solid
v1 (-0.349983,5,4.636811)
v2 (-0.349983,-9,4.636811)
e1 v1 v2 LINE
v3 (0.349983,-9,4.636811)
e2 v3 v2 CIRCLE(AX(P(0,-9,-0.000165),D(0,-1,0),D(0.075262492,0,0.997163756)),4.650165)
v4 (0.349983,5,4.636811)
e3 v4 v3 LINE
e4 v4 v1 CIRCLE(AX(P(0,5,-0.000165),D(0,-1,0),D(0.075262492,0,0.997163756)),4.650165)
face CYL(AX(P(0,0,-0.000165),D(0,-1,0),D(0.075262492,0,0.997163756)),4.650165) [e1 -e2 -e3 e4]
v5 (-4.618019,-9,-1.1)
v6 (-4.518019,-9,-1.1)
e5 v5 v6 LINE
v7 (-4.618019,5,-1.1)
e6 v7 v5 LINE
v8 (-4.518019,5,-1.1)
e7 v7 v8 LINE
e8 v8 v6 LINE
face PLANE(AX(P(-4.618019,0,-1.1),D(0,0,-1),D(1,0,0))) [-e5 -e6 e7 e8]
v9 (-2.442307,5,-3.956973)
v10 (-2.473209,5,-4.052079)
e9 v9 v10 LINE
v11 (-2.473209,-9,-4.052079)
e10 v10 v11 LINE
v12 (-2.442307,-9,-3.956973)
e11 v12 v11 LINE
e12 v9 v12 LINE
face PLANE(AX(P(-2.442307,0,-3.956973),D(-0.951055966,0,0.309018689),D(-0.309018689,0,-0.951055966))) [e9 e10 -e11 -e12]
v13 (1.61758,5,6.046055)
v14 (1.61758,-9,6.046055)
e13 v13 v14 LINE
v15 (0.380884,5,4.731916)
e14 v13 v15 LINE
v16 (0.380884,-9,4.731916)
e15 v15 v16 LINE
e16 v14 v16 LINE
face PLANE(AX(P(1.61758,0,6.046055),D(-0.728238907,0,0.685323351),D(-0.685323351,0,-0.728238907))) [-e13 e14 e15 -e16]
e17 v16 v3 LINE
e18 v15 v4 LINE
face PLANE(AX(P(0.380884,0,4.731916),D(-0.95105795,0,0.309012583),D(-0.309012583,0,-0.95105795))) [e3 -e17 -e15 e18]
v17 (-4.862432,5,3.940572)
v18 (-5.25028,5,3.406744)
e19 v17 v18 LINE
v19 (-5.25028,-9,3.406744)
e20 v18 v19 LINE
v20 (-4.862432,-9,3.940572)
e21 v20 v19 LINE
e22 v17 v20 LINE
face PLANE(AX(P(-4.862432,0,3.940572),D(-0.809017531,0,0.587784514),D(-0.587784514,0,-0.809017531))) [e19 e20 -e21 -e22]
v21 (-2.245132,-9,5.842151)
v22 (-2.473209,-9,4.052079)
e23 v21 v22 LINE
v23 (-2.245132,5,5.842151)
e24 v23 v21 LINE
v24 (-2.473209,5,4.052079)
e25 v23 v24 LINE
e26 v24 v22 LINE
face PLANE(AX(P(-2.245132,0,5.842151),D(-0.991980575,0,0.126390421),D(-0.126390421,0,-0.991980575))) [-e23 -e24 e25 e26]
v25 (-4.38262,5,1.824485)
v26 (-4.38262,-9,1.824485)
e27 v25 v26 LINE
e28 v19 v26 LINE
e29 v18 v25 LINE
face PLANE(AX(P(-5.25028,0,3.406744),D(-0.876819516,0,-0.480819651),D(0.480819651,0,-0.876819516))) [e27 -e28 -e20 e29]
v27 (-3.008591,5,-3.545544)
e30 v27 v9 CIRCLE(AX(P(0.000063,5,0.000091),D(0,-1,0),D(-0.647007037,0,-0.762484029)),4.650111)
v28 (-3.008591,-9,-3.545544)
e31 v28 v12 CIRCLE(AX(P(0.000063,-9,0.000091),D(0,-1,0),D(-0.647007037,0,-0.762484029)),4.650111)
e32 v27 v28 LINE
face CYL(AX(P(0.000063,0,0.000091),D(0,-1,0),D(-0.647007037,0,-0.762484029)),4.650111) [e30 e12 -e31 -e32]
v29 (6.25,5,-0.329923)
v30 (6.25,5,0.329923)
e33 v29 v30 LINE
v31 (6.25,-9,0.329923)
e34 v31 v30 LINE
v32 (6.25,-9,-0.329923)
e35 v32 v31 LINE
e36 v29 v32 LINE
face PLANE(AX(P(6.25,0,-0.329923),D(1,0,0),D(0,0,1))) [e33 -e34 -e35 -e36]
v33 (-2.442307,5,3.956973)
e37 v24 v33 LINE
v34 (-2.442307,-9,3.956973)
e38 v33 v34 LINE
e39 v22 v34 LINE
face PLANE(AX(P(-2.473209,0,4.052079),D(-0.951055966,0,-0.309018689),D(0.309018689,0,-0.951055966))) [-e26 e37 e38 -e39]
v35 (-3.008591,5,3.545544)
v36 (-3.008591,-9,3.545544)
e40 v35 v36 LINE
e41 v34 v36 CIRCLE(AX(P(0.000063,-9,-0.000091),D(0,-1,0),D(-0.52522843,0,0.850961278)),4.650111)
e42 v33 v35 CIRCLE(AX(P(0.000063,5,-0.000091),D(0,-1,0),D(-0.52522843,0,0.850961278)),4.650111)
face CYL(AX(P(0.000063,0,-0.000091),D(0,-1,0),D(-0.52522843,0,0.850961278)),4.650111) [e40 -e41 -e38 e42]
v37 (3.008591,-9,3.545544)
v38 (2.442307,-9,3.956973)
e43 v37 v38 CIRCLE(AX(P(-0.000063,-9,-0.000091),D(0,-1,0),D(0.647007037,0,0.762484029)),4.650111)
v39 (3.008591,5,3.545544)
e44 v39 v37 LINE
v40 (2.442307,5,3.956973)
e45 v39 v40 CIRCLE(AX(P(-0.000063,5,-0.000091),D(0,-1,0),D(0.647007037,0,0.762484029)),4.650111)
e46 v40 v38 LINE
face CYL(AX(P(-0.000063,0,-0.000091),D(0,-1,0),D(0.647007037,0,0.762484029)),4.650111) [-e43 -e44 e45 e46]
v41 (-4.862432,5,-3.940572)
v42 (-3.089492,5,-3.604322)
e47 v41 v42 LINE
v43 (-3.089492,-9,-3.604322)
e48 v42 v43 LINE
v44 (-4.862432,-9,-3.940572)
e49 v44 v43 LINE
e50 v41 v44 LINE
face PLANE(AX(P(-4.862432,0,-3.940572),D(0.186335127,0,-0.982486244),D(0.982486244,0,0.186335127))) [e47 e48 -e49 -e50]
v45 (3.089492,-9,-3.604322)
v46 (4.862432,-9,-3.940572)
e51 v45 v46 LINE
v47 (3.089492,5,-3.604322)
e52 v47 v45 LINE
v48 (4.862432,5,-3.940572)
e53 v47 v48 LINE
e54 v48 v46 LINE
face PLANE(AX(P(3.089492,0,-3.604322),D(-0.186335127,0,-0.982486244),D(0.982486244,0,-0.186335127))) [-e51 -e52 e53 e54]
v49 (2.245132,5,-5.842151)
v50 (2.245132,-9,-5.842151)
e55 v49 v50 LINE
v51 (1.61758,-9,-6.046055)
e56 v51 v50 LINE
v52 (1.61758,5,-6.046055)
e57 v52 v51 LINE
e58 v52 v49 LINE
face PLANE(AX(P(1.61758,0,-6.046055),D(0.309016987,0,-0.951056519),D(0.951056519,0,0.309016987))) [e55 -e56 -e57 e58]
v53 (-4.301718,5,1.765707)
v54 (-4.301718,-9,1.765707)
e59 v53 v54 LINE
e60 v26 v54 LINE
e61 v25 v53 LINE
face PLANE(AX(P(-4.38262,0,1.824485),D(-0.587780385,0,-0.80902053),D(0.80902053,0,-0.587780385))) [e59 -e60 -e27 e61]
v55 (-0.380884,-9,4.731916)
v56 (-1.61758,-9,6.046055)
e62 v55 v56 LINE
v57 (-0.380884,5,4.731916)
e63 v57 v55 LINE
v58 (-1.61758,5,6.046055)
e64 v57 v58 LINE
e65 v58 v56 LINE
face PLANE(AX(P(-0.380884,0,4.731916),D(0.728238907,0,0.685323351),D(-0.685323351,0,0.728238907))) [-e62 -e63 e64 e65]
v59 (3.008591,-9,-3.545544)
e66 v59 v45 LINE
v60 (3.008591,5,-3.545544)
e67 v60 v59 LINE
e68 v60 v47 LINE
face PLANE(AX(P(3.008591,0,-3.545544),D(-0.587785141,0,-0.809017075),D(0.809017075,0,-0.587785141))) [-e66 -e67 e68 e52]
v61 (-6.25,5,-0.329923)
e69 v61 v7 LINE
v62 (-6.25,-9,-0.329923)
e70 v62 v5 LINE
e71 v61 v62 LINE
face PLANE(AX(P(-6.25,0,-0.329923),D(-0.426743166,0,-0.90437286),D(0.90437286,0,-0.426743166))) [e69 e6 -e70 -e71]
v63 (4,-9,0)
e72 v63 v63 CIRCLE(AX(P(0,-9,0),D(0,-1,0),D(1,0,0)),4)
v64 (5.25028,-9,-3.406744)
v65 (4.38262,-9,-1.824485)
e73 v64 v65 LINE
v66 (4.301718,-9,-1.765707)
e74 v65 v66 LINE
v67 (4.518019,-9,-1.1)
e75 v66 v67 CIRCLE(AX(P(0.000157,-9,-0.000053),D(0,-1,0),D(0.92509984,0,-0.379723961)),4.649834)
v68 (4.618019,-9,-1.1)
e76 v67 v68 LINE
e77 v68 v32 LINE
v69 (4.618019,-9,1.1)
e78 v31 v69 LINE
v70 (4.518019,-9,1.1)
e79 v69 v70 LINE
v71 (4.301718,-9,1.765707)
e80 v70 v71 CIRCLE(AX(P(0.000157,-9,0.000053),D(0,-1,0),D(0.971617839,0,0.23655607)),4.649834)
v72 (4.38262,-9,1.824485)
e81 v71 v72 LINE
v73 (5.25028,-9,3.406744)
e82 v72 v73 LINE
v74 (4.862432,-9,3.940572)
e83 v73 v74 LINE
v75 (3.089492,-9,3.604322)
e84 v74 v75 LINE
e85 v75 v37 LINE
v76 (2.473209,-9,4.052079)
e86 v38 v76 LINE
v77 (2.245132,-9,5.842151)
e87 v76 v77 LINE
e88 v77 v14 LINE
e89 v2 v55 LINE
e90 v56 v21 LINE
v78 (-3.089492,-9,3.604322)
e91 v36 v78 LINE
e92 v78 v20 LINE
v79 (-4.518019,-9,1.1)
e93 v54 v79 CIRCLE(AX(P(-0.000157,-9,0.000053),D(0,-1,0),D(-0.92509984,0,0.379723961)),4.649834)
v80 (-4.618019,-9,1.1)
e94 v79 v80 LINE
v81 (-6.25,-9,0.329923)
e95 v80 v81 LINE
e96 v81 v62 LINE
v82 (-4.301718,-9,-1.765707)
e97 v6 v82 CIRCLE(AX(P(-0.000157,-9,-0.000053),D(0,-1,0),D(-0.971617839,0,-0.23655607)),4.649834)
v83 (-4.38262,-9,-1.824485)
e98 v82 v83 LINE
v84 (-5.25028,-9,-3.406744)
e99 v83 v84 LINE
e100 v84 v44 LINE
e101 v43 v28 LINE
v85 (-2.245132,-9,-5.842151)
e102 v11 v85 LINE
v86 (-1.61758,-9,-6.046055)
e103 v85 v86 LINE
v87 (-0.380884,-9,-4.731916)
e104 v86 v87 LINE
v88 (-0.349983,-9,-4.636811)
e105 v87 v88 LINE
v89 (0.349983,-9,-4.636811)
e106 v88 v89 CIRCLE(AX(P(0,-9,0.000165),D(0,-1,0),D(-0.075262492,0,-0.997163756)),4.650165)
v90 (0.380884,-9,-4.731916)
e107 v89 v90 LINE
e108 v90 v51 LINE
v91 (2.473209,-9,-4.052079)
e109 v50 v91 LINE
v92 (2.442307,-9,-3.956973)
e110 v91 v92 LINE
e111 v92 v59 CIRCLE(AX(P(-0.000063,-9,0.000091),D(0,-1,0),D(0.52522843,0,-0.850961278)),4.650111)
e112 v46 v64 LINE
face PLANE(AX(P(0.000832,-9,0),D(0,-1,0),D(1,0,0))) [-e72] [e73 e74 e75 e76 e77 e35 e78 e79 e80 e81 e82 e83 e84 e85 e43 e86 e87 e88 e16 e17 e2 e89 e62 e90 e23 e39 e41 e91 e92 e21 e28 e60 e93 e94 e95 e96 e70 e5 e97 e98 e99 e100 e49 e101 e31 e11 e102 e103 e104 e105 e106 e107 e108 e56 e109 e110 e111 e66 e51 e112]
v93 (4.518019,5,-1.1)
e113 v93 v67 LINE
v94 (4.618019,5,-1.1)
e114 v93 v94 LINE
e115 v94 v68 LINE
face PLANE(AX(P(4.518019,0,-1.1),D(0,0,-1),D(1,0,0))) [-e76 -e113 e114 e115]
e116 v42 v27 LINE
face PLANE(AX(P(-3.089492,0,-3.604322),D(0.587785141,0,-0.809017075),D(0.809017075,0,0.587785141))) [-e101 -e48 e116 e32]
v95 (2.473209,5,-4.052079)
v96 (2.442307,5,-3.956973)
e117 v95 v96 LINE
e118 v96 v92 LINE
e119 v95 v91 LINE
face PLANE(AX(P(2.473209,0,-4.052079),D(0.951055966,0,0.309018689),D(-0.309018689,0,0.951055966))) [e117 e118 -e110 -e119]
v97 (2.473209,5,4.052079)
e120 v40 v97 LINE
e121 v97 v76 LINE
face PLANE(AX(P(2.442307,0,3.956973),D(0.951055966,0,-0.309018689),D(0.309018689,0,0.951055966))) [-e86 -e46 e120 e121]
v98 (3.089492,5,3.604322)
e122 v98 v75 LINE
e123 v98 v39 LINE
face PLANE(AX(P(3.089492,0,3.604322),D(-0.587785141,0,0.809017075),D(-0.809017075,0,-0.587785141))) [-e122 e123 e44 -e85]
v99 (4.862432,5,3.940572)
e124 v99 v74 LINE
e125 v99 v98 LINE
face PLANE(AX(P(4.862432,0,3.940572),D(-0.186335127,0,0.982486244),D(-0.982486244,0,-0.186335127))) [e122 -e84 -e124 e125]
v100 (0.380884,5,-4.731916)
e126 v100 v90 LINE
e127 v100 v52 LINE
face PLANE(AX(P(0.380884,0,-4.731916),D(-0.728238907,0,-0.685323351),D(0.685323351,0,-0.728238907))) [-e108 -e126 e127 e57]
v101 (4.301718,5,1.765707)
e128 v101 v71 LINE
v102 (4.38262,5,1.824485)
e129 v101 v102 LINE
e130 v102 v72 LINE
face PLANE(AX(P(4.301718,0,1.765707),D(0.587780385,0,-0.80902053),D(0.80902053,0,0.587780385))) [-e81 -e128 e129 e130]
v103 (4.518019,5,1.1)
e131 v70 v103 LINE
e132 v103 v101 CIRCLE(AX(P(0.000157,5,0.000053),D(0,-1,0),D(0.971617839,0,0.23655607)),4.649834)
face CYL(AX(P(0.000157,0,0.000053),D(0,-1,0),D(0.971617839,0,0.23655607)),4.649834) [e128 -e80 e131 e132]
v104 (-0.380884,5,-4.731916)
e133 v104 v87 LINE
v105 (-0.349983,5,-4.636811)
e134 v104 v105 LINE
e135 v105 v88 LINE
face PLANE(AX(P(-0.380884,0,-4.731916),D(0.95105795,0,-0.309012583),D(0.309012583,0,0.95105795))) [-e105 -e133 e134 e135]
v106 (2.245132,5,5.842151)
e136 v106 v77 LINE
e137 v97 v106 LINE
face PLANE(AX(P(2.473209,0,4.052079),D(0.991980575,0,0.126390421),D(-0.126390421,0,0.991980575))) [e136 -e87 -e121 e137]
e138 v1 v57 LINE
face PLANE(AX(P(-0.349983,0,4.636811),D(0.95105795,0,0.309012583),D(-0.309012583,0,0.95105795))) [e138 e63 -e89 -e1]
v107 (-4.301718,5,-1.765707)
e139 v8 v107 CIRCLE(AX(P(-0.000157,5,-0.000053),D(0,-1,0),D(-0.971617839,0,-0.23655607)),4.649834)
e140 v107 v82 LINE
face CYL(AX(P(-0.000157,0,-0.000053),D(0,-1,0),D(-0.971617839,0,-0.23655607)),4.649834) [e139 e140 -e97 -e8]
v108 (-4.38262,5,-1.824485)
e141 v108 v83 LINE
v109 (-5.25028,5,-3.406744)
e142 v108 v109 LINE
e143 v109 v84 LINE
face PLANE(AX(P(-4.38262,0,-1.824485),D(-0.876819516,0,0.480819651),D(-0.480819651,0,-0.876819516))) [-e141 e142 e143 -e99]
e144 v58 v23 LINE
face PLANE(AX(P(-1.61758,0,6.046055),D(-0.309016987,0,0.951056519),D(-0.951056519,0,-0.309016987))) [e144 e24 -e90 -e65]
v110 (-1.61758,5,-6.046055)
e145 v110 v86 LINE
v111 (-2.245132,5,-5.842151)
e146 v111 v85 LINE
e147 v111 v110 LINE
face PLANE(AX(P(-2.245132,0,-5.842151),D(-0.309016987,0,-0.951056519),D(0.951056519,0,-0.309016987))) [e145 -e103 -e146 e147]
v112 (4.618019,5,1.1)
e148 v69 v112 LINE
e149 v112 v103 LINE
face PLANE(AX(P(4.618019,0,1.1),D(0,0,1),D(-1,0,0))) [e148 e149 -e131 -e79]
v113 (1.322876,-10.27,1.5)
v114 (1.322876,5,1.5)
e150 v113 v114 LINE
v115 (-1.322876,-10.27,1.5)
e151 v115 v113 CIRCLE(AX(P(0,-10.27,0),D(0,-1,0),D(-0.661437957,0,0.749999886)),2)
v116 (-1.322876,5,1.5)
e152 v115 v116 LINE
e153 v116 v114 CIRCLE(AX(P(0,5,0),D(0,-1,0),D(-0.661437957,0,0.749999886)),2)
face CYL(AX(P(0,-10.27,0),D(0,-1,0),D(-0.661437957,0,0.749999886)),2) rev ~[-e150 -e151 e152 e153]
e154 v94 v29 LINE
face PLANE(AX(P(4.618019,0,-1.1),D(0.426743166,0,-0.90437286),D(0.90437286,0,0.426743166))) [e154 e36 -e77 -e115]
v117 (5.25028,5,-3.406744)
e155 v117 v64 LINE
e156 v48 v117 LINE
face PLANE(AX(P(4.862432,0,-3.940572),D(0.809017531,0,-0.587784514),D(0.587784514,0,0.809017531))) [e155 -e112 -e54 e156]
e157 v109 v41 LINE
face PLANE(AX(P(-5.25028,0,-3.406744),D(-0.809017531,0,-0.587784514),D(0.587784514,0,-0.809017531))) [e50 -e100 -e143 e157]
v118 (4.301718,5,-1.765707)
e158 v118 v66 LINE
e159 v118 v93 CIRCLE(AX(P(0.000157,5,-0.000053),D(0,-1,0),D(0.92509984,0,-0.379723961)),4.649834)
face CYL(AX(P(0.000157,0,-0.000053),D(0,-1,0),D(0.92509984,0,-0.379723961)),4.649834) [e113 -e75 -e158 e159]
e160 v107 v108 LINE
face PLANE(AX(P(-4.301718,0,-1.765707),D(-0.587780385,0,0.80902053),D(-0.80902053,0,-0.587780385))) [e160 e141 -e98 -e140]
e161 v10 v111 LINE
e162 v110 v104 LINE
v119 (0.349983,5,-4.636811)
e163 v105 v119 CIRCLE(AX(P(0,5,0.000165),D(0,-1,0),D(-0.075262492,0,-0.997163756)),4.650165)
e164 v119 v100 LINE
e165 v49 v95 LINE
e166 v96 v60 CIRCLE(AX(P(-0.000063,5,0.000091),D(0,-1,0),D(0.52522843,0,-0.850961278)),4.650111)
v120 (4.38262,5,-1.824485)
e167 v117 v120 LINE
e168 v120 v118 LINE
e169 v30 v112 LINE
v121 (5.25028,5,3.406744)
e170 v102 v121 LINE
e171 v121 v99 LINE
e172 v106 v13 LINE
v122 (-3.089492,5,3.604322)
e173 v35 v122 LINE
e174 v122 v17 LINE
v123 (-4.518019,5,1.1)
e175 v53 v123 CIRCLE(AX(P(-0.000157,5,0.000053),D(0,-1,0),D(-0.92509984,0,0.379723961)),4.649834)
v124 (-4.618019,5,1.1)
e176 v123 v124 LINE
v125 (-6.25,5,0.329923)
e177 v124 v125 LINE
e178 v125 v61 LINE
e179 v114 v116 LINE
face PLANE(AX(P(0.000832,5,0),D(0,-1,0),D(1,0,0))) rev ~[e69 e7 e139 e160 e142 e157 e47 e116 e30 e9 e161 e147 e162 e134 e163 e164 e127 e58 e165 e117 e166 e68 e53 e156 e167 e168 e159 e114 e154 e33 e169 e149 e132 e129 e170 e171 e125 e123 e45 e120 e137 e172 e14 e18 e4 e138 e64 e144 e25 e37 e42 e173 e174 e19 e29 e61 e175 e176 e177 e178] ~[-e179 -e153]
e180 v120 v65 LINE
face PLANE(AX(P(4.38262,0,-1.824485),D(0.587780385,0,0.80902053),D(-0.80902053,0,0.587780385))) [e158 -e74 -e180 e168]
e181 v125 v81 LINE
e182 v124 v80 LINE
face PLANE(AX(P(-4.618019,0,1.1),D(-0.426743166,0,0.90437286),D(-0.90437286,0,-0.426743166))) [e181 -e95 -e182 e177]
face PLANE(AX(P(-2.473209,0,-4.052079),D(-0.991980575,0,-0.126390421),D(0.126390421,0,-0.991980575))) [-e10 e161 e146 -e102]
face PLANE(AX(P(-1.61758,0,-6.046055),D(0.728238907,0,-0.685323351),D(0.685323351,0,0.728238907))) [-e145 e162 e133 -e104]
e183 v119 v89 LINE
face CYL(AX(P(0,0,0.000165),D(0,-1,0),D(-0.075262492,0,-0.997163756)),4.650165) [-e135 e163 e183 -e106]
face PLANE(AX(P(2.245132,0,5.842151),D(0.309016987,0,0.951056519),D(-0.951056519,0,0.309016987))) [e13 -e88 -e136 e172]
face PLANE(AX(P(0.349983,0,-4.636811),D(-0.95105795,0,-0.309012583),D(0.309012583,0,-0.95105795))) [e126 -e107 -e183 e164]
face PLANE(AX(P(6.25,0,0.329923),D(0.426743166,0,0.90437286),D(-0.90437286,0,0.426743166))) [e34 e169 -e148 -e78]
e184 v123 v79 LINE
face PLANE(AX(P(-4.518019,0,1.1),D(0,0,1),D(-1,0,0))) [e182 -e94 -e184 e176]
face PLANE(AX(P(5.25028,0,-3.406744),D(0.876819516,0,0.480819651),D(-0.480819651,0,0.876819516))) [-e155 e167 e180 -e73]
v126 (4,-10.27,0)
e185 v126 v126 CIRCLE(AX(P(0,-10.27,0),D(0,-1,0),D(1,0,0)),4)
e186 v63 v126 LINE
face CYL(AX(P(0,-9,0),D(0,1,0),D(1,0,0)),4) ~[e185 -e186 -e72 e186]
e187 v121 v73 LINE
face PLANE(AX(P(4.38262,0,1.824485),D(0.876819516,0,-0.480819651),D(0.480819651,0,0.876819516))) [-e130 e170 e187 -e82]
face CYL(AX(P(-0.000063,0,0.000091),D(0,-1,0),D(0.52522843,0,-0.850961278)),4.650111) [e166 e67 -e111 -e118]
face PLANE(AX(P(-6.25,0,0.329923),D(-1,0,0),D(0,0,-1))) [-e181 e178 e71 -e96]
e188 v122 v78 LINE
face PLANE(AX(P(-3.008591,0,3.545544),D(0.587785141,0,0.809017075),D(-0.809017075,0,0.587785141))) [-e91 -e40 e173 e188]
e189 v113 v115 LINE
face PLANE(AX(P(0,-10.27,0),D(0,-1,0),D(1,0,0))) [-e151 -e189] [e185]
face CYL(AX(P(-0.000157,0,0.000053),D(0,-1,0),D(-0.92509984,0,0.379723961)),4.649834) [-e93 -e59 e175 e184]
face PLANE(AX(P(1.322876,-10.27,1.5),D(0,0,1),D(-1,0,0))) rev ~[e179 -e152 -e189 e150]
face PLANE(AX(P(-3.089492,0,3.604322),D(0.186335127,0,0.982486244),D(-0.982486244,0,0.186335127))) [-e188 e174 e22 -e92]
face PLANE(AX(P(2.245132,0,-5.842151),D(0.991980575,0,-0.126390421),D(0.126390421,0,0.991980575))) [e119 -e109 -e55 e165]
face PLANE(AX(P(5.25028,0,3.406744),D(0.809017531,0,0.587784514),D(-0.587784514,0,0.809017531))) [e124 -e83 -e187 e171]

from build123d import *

# Parameters (mm, degrees)
F1_DEPTH      = 9
F1_DEPTH_BACK = 5
F2_R          = 4
F3_DEPTH      = 1.27
F5_DEPTH      = 25.2476


with BuildPart() as f1:
    # F0 (on Front) → F1 (new body, two sides)
    with BuildSketch(Plane.XZ) as f1_sk:
        with BuildLine():
            ThreePointArc((4.518019, -1.1), (4.616887, -0.553945), (4.65, 0))
            ThreePointArc((4.65, 0), (4.616887, 0.553945), (4.518019, 1.1))
            ThreePointArc((4.518019, 1.1), (4.422413, 1.436929), (4.301718, 1.765707))
            ThreePointArc((4.301718, 1.765707), (3.761929, 2.733201), (3.008591, 3.545544))
            ThreePointArc((3.008591, 3.545544), (2.733201, 3.761929), (2.442307, 3.956973))
            ThreePointArc((2.442307, 3.956973), (1.436929, 4.422413), (0.349983, 4.636811))
            ThreePointArc((0.349983, 4.636811), (0, 4.65), (-0.349983, 4.636811))
            ThreePointArc((-0.349983, 4.636811), (-1.436929, 4.422413), (-2.442307, 3.956973))
            ThreePointArc((-2.442307, 3.956973), (-2.733201, 3.761929), (-3.008591, 3.545544))
            ThreePointArc((-3.008591, 3.545544), (-3.761929, 2.733201), (-4.301718, 1.765707))
            ThreePointArc((-4.301718, 1.765707), (-4.422413, 1.436929), (-4.518019, 1.1))
            ThreePointArc((-4.518019, 1.1), (-4.65, 0), (-4.518019, -1.1))
            ThreePointArc((-4.518019, -1.1), (-4.422413, -1.436929), (-4.301718, -1.765707))
            ThreePointArc((-4.301718, -1.765707), (-3.761929, -2.733201), (-3.008591, -3.545544))
            ThreePointArc((-3.008591, -3.545544), (-2.733201, -3.761929), (-2.442307, -3.956973))
            ThreePointArc((-2.442307, -3.956973), (-1.436929, -4.422413), (-0.349983, -4.636811))
            ThreePointArc((-0.349983, -4.636811), (0, -4.65), (0.349983, -4.636811))
            ThreePointArc((0.349983, -4.636811), (1.436929, -4.422413), (2.442307, -3.956973))
            ThreePointArc((2.442307, -3.956973), (2.733201, -3.761929), (3.008591, -3.545544))
            ThreePointArc((3.008591, -3.545544), (3.761929, -2.733201), (4.301718, -1.765707))
            ThreePointArc((4.301718, -1.765707), (4.422413, -1.436929), (4.518019, -1.1))
        make_face()
        with BuildLine():
            ThreePointArc((4.518019, 1.1), (4.616887, 0.553945), (4.65, 0))
            ThreePointArc((4.65, 0), (4.616887, -0.553945), (4.518019, -1.1))
            Line((4.518019, -1.1), (4.618019, -1.1))
            Line((4.618019, -1.1), (6.25, -0.329923))
            Line((6.25, -0.329923), (6.25, 0))
            Line((6.25, 0), (6.25, 0.329923))
            Line((6.25, 0.329923), (4.618019, 1.1))
            Line((4.618019, 1.1), (4.518019, 1.1))
        make_face()
        with BuildLine():
            ThreePointArc((3.008591, 3.545544), (3.761929, 2.733201), (4.301718, 1.765707))
            Line((4.301718, 1.765707), (4.38262, 1.824485))
            Line((4.38262, 1.824485), (5.25028, 3.406744))
            Line((5.25028, 3.406744), (5.056356, 3.673658))
            Line((5.056356, 3.673658), (4.862432, 3.940572))
            Line((4.862432, 3.940572), (3.089492, 3.604322))
            Line((3.089492, 3.604322), (3.008591, 3.545544))
        make_face()
        with BuildLine():
            Line((4.38262, -1.824485), (4.301718, -1.765707))
            ThreePointArc((4.301718, -1.765707), (3.761929, -2.733201), (3.008591, -3.545544))
            Line((3.008591, -3.545544), (3.089492, -3.604322))
            Line((3.089492, -3.604322), (4.862432, -3.940572))
            Line((4.862432, -3.940572), (5.056356, -3.673658))
            Line((5.056356, -3.673658), (5.25028, -3.406744))
            Line((5.25028, -3.406744), (4.38262, -1.824485))
        make_face()
        with BuildLine():
            ThreePointArc((0.349983, 4.636811), (1.436929, 4.422413), (2.442307, 3.956973))
            Line((2.442307, 3.956973), (2.473209, 4.052079))
            Line((2.473209, 4.052079), (2.245132, 5.842151))
            Line((2.245132, 5.842151), (1.931356, 5.944103))
            Line((1.931356, 5.944103), (1.61758, 6.046055))
            Line((1.61758, 6.046055), (0.380884, 4.731916))
            Line((0.380884, 4.731916), (0.349983, 4.636811))
        make_face()
        with BuildLine():
            Line((2.473209, -4.052079), (2.442307, -3.956973))
            ThreePointArc((2.442307, -3.956973), (1.436929, -4.422413), (0.349983, -4.636811))
            Line((0.349983, -4.636811), (0.380884, -4.731916))
            Line((0.380884, -4.731916), (1.61758, -6.046055))
            Line((1.61758, -6.046055), (1.931356, -5.944103))
            Line((1.931356, -5.944103), (2.245132, -5.842151))
            Line((2.245132, -5.842151), (2.473209, -4.052079))
        make_face()
        with BuildLine():
            ThreePointArc((-2.442307, 3.956973), (-1.436929, 4.422413), (-0.349983, 4.636811))
            Line((-0.349983, 4.636811), (-0.380884, 4.731916))
            Line((-0.380884, 4.731916), (-1.61758, 6.046055))
            Line((-1.61758, 6.046055), (-1.931356, 5.944103))
            Line((-1.931356, 5.944103), (-2.245132, 5.842151))
            Line((-2.245132, 5.842151), (-2.473209, 4.052079))
            Line((-2.473209, 4.052079), (-2.442307, 3.956973))
        make_face()
        with BuildLine():
            Line((-0.380884, -4.731916), (-0.349983, -4.636811))
            ThreePointArc((-0.349983, -4.636811), (-1.436929, -4.422413), (-2.442307, -3.956973))
            Line((-2.442307, -3.956973), (-2.473209, -4.052079))
            Line((-2.473209, -4.052079), (-2.245132, -5.842151))
            Line((-2.245132, -5.842151), (-1.931356, -5.944103))
            Line((-1.931356, -5.944103), (-1.61758, -6.046055))
            Line((-1.61758, -6.046055), (-0.380884, -4.731916))
        make_face()
        with BuildLine():
            ThreePointArc((-4.301718, 1.765707), (-3.761929, 2.733201), (-3.008591, 3.545544))
            Line((-3.008591, 3.545544), (-3.089492, 3.604322))
            Line((-3.089492, 3.604322), (-4.862432, 3.940572))
            Line((-4.862432, 3.940572), (-5.056356, 3.673658))
            Line((-5.056356, 3.673658), (-5.25028, 3.406744))
            Line((-5.25028, 3.406744), (-4.38262, 1.824485))
            Line((-4.38262, 1.824485), (-4.301718, 1.765707))
        make_face()
        with BuildLine():
            Line((-3.089492, -3.604322), (-3.008591, -3.545544))
            ThreePointArc((-3.008591, -3.545544), (-3.761929, -2.733201), (-4.301718, -1.765707))
            Line((-4.301718, -1.765707), (-4.38262, -1.824485))
            Line((-4.38262, -1.824485), (-5.25028, -3.406744))
            Line((-5.25028, -3.406744), (-5.056356, -3.673658))
            Line((-5.056356, -3.673658), (-4.862432, -3.940572))
            Line((-4.862432, -3.940572), (-3.089492, -3.604322))
        make_face()
        with BuildLine():
            ThreePointArc((-4.518019, -1.1), (-4.65, 0), (-4.518019, 1.1))
            Line((-4.518019, 1.1), (-4.618019, 1.1))
            Line((-4.618019, 1.1), (-6.25, 0.329923))
            Line((-6.25, 0.329923), (-6.25, 0))
            Line((-6.25, 0), (-6.25, -0.329923))
            Line((-6.25, -0.329923), (-4.618019, -1.1))
            Line((-4.618019, -1.1), (-4.518019, -1.1))
        make_face()
    extrude(amount=F1_DEPTH)
    extrude(f1_sk.sketch, amount=-F1_DEPTH_BACK)

    # F2 (on face) → F3 (join)
    with BuildSketch(Plane.XZ.offset(9)):
        Circle(F2_R)
    extrude(amount=F3_DEPTH)

    # F4 (on face) → F5 (cut)
    with BuildSketch(Plane.XZ.offset(10.27)):
        with BuildLine():
            Line((1.322876, 1.5), (-1.322876, 1.5))
            ThreePointArc((-1.322876, 1.5), (0, -2), (1.322876, 1.5))
        make_face()
    extrude(amount=-F5_DEPTH, mode=Mode.SUBTRACT)


solid = f1.part
